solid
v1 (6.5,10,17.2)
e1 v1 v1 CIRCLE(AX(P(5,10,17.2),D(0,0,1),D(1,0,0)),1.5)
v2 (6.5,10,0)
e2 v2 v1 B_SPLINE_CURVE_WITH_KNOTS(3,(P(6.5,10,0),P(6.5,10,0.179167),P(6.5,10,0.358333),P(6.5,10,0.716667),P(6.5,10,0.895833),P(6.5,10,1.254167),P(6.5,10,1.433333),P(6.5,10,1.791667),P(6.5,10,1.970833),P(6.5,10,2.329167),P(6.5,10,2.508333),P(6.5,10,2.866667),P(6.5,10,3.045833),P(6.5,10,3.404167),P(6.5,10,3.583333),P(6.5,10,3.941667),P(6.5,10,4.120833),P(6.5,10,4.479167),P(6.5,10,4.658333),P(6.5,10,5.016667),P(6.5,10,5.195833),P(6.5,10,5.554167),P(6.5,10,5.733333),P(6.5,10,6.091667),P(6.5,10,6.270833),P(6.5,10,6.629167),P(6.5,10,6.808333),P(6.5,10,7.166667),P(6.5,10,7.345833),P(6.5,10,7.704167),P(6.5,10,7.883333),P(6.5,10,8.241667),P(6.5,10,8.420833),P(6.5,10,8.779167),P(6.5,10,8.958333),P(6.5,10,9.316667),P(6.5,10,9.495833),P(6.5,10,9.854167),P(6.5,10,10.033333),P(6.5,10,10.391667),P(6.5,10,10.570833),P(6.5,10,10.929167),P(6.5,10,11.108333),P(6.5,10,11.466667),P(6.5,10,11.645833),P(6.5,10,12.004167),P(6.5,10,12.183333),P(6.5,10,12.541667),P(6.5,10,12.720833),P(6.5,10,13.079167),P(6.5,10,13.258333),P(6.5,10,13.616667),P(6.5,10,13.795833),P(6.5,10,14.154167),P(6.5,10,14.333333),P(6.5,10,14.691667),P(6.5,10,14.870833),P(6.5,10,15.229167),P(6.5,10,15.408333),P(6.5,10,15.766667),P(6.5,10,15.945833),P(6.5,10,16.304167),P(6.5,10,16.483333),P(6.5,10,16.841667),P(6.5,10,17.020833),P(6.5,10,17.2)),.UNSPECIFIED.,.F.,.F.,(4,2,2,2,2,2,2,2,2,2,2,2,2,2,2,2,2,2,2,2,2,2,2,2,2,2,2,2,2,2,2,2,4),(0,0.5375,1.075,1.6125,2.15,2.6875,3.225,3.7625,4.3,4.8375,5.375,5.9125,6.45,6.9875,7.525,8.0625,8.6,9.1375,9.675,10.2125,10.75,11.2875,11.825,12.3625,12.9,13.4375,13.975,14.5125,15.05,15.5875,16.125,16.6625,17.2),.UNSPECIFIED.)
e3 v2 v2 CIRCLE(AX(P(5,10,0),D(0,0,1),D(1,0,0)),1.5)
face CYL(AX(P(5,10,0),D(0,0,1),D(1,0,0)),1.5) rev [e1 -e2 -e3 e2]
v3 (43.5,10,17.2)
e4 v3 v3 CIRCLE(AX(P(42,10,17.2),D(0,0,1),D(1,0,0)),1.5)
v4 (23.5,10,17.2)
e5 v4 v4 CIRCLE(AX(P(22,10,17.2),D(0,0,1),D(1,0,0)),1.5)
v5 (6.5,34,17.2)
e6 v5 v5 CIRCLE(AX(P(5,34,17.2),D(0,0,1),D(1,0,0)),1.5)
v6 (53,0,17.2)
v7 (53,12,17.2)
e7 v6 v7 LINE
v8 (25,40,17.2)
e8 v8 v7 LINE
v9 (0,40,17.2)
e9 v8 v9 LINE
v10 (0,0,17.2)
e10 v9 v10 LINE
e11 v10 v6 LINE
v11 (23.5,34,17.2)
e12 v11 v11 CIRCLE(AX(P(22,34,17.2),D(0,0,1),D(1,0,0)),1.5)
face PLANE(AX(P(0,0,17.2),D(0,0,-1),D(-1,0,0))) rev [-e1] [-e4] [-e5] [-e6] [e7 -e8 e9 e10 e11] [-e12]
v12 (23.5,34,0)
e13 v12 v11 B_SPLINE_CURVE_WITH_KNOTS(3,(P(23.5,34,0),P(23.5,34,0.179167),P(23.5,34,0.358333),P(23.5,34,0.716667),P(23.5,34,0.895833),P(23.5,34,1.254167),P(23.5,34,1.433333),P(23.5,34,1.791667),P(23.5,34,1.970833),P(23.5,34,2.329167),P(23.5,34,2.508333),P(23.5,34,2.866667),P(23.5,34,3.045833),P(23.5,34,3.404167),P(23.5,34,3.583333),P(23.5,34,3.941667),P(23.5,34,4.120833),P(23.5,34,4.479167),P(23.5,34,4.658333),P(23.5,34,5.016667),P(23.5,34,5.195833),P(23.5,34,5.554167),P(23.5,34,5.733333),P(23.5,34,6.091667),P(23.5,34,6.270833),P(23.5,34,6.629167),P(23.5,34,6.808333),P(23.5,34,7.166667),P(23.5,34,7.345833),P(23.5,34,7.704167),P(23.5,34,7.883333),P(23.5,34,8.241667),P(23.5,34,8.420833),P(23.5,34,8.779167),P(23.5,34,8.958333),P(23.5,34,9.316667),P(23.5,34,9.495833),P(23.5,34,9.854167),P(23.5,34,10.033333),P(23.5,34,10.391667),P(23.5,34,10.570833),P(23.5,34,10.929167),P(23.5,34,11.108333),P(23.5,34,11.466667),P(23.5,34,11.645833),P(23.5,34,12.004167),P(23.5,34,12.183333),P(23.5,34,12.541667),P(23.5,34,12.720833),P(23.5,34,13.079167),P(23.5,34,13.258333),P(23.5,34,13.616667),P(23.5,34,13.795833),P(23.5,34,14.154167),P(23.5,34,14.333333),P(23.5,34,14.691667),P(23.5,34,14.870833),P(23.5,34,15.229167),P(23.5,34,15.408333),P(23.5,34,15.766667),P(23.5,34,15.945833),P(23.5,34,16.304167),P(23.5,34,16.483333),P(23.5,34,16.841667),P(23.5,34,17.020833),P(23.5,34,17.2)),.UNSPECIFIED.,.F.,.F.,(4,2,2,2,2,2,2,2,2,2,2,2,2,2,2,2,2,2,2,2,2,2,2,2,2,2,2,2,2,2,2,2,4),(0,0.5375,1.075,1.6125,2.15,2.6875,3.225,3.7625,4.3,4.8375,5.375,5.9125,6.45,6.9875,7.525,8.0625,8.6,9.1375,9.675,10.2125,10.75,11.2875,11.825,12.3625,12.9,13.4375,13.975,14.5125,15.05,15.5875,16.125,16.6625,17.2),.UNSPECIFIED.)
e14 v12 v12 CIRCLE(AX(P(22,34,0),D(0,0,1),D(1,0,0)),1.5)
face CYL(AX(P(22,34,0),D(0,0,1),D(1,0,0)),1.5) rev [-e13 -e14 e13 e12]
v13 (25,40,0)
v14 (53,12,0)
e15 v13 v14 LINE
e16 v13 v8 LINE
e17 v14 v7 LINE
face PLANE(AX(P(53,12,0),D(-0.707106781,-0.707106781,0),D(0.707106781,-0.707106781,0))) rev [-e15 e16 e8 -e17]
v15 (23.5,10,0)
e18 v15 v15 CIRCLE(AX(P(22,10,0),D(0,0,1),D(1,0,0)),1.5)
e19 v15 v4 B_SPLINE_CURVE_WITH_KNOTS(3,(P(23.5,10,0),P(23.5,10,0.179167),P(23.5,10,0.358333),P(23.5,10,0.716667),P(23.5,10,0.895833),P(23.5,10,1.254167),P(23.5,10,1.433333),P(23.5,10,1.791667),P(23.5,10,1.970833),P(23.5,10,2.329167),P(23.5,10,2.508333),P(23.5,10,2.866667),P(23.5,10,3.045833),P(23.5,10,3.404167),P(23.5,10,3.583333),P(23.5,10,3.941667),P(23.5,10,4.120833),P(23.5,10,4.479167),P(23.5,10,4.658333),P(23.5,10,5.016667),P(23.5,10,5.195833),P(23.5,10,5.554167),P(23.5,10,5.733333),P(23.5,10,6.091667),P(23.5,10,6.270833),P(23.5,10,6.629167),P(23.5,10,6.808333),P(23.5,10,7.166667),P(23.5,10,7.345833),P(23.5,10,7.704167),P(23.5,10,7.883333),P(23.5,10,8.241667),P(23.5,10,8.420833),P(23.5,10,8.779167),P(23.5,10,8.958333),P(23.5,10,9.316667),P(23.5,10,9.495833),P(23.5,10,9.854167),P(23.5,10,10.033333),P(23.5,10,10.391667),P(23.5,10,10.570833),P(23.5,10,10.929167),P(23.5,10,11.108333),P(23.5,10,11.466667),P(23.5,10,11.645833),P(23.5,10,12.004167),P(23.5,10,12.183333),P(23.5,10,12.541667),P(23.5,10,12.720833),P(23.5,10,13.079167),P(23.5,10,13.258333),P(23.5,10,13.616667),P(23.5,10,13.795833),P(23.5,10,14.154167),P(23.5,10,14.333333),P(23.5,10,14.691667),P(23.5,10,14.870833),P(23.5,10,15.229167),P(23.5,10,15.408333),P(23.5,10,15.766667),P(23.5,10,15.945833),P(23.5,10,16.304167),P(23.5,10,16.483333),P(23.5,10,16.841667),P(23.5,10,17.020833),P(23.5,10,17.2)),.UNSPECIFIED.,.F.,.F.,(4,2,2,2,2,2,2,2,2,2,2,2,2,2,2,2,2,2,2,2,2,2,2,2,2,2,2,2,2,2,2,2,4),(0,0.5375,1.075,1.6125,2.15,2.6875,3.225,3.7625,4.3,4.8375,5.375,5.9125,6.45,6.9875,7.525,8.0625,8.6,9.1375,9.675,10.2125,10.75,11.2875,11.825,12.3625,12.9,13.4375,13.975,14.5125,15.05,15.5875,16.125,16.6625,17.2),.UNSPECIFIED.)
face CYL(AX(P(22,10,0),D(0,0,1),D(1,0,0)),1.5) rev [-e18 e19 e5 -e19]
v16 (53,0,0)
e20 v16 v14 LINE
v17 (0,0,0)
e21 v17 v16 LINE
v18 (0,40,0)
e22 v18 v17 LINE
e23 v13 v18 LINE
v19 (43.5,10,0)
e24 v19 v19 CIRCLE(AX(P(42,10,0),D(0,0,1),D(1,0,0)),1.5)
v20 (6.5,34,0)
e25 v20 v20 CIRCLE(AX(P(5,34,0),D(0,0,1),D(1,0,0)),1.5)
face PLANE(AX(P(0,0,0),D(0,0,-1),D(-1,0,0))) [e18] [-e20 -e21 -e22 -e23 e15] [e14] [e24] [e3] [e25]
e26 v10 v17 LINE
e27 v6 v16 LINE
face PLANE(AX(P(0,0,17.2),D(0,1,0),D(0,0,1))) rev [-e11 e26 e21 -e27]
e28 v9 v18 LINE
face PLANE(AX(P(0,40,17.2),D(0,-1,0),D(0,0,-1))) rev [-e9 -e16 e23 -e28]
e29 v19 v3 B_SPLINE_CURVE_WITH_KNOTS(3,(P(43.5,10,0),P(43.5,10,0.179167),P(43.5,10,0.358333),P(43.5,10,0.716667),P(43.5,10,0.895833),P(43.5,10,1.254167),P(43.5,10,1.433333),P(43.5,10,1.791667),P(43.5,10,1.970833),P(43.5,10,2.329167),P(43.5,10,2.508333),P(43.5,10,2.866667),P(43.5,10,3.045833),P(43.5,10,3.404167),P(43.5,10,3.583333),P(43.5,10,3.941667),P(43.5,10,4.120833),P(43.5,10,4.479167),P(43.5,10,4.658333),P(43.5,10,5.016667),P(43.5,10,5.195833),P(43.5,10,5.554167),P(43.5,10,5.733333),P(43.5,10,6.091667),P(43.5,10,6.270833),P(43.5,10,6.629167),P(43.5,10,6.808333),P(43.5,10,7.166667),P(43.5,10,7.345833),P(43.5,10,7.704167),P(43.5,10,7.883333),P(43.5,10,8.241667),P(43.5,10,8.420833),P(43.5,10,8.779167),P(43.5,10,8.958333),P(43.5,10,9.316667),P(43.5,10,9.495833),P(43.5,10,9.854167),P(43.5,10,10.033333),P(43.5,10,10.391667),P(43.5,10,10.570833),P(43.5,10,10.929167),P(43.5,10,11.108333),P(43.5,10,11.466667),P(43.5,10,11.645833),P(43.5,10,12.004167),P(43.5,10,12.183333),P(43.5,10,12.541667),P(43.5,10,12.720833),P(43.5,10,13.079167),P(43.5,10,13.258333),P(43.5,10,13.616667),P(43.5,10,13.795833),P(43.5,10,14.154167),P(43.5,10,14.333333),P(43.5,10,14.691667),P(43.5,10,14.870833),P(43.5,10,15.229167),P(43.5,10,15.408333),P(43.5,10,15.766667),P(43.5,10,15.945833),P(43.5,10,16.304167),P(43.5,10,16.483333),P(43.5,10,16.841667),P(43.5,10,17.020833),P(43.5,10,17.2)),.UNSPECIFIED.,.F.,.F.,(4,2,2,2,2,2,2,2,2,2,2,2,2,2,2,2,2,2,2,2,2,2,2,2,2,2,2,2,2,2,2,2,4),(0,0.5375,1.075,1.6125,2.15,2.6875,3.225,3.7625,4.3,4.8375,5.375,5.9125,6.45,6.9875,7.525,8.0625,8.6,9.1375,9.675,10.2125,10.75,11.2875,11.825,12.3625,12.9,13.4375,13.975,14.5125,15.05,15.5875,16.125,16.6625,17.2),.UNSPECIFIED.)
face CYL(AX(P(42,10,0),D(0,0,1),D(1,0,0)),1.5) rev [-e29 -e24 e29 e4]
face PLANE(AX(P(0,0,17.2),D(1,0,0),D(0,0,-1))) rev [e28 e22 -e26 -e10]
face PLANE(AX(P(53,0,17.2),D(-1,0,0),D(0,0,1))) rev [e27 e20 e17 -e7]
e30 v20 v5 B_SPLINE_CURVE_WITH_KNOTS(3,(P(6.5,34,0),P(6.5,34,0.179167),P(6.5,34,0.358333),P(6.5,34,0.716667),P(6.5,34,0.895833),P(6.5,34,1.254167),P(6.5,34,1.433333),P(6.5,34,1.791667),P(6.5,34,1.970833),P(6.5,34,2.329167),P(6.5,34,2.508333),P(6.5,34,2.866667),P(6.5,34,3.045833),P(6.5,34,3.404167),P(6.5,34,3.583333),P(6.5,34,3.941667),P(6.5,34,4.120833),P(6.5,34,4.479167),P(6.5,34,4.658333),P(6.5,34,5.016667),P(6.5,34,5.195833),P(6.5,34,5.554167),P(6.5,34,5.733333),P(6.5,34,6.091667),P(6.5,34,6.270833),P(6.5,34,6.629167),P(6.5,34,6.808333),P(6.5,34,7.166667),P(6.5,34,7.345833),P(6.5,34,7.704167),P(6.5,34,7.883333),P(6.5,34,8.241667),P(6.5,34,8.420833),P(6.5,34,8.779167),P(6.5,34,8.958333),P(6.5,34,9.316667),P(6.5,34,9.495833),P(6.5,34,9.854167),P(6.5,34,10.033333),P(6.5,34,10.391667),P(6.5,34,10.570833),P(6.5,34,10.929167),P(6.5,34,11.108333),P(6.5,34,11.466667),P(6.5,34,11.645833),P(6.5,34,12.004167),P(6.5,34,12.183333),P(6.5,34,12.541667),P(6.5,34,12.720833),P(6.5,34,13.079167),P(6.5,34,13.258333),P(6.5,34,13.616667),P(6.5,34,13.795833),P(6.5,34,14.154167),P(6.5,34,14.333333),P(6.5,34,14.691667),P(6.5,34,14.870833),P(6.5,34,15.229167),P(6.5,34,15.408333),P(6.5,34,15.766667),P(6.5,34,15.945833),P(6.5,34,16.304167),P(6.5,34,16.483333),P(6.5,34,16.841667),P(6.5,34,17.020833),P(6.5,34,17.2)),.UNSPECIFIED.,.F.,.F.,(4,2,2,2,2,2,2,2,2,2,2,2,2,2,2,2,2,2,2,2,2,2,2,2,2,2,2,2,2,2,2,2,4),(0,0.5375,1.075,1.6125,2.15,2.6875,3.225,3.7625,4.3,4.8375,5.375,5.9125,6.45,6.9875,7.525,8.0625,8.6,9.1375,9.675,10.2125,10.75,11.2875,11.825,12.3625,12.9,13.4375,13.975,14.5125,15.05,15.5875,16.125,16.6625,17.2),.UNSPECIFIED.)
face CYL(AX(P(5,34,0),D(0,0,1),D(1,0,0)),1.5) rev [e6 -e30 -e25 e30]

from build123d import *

# Parameters (mm, degrees)
SKETCH_1_W          = 53
SKETCH_1_H          = 40
EXTRUDE_1_DEPTH     = 17.2
CUT_EXTRUDE_1_DEPTH = 69.591836249
SKETCH_3_R          = 1.5
CUT_EXTRUDE_2_DEPTH = 69.591836249


with BuildPart() as part:
    # 草图1 → 凸台-拉伸1 (new body)
    with BuildSketch(Plane.XY):
        with Locations((26.5, 20)):
            Rectangle(SKETCH_1_W, SKETCH_1_H)
    extrude(amount=EXTRUDE_1_DEPTH)

    # 草图2 → 切除-拉伸1 (cut, through all)
    with BuildSketch(Plane.XY.offset(17.2)):
        Polygon((25, 40), (53, 40), (53, 12), align=None)
    extrude(amount=-CUT_EXTRUDE_1_DEPTH, mode=Mode.SUBTRACT)

    # 草图3 → 切除-拉伸2 (cut, through all)
    with BuildSketch(Plane.XY.offset(17.2)):
        with Locations((5, 34)):
            Circle(SKETCH_3_R)
        with Locations((5, 10)):
            Circle(SKETCH_3_R)
        with Locations((22, 34)):
            Circle(SKETCH_3_R)
        with Locations((22, 10)):
            Circle(SKETCH_3_R)
        with Locations((42, 10)):
            Circle(SKETCH_3_R)
    extrude(amount=-CUT_EXTRUDE_2_DEPTH, mode=Mode.SUBTRACT)


solid = part.part
